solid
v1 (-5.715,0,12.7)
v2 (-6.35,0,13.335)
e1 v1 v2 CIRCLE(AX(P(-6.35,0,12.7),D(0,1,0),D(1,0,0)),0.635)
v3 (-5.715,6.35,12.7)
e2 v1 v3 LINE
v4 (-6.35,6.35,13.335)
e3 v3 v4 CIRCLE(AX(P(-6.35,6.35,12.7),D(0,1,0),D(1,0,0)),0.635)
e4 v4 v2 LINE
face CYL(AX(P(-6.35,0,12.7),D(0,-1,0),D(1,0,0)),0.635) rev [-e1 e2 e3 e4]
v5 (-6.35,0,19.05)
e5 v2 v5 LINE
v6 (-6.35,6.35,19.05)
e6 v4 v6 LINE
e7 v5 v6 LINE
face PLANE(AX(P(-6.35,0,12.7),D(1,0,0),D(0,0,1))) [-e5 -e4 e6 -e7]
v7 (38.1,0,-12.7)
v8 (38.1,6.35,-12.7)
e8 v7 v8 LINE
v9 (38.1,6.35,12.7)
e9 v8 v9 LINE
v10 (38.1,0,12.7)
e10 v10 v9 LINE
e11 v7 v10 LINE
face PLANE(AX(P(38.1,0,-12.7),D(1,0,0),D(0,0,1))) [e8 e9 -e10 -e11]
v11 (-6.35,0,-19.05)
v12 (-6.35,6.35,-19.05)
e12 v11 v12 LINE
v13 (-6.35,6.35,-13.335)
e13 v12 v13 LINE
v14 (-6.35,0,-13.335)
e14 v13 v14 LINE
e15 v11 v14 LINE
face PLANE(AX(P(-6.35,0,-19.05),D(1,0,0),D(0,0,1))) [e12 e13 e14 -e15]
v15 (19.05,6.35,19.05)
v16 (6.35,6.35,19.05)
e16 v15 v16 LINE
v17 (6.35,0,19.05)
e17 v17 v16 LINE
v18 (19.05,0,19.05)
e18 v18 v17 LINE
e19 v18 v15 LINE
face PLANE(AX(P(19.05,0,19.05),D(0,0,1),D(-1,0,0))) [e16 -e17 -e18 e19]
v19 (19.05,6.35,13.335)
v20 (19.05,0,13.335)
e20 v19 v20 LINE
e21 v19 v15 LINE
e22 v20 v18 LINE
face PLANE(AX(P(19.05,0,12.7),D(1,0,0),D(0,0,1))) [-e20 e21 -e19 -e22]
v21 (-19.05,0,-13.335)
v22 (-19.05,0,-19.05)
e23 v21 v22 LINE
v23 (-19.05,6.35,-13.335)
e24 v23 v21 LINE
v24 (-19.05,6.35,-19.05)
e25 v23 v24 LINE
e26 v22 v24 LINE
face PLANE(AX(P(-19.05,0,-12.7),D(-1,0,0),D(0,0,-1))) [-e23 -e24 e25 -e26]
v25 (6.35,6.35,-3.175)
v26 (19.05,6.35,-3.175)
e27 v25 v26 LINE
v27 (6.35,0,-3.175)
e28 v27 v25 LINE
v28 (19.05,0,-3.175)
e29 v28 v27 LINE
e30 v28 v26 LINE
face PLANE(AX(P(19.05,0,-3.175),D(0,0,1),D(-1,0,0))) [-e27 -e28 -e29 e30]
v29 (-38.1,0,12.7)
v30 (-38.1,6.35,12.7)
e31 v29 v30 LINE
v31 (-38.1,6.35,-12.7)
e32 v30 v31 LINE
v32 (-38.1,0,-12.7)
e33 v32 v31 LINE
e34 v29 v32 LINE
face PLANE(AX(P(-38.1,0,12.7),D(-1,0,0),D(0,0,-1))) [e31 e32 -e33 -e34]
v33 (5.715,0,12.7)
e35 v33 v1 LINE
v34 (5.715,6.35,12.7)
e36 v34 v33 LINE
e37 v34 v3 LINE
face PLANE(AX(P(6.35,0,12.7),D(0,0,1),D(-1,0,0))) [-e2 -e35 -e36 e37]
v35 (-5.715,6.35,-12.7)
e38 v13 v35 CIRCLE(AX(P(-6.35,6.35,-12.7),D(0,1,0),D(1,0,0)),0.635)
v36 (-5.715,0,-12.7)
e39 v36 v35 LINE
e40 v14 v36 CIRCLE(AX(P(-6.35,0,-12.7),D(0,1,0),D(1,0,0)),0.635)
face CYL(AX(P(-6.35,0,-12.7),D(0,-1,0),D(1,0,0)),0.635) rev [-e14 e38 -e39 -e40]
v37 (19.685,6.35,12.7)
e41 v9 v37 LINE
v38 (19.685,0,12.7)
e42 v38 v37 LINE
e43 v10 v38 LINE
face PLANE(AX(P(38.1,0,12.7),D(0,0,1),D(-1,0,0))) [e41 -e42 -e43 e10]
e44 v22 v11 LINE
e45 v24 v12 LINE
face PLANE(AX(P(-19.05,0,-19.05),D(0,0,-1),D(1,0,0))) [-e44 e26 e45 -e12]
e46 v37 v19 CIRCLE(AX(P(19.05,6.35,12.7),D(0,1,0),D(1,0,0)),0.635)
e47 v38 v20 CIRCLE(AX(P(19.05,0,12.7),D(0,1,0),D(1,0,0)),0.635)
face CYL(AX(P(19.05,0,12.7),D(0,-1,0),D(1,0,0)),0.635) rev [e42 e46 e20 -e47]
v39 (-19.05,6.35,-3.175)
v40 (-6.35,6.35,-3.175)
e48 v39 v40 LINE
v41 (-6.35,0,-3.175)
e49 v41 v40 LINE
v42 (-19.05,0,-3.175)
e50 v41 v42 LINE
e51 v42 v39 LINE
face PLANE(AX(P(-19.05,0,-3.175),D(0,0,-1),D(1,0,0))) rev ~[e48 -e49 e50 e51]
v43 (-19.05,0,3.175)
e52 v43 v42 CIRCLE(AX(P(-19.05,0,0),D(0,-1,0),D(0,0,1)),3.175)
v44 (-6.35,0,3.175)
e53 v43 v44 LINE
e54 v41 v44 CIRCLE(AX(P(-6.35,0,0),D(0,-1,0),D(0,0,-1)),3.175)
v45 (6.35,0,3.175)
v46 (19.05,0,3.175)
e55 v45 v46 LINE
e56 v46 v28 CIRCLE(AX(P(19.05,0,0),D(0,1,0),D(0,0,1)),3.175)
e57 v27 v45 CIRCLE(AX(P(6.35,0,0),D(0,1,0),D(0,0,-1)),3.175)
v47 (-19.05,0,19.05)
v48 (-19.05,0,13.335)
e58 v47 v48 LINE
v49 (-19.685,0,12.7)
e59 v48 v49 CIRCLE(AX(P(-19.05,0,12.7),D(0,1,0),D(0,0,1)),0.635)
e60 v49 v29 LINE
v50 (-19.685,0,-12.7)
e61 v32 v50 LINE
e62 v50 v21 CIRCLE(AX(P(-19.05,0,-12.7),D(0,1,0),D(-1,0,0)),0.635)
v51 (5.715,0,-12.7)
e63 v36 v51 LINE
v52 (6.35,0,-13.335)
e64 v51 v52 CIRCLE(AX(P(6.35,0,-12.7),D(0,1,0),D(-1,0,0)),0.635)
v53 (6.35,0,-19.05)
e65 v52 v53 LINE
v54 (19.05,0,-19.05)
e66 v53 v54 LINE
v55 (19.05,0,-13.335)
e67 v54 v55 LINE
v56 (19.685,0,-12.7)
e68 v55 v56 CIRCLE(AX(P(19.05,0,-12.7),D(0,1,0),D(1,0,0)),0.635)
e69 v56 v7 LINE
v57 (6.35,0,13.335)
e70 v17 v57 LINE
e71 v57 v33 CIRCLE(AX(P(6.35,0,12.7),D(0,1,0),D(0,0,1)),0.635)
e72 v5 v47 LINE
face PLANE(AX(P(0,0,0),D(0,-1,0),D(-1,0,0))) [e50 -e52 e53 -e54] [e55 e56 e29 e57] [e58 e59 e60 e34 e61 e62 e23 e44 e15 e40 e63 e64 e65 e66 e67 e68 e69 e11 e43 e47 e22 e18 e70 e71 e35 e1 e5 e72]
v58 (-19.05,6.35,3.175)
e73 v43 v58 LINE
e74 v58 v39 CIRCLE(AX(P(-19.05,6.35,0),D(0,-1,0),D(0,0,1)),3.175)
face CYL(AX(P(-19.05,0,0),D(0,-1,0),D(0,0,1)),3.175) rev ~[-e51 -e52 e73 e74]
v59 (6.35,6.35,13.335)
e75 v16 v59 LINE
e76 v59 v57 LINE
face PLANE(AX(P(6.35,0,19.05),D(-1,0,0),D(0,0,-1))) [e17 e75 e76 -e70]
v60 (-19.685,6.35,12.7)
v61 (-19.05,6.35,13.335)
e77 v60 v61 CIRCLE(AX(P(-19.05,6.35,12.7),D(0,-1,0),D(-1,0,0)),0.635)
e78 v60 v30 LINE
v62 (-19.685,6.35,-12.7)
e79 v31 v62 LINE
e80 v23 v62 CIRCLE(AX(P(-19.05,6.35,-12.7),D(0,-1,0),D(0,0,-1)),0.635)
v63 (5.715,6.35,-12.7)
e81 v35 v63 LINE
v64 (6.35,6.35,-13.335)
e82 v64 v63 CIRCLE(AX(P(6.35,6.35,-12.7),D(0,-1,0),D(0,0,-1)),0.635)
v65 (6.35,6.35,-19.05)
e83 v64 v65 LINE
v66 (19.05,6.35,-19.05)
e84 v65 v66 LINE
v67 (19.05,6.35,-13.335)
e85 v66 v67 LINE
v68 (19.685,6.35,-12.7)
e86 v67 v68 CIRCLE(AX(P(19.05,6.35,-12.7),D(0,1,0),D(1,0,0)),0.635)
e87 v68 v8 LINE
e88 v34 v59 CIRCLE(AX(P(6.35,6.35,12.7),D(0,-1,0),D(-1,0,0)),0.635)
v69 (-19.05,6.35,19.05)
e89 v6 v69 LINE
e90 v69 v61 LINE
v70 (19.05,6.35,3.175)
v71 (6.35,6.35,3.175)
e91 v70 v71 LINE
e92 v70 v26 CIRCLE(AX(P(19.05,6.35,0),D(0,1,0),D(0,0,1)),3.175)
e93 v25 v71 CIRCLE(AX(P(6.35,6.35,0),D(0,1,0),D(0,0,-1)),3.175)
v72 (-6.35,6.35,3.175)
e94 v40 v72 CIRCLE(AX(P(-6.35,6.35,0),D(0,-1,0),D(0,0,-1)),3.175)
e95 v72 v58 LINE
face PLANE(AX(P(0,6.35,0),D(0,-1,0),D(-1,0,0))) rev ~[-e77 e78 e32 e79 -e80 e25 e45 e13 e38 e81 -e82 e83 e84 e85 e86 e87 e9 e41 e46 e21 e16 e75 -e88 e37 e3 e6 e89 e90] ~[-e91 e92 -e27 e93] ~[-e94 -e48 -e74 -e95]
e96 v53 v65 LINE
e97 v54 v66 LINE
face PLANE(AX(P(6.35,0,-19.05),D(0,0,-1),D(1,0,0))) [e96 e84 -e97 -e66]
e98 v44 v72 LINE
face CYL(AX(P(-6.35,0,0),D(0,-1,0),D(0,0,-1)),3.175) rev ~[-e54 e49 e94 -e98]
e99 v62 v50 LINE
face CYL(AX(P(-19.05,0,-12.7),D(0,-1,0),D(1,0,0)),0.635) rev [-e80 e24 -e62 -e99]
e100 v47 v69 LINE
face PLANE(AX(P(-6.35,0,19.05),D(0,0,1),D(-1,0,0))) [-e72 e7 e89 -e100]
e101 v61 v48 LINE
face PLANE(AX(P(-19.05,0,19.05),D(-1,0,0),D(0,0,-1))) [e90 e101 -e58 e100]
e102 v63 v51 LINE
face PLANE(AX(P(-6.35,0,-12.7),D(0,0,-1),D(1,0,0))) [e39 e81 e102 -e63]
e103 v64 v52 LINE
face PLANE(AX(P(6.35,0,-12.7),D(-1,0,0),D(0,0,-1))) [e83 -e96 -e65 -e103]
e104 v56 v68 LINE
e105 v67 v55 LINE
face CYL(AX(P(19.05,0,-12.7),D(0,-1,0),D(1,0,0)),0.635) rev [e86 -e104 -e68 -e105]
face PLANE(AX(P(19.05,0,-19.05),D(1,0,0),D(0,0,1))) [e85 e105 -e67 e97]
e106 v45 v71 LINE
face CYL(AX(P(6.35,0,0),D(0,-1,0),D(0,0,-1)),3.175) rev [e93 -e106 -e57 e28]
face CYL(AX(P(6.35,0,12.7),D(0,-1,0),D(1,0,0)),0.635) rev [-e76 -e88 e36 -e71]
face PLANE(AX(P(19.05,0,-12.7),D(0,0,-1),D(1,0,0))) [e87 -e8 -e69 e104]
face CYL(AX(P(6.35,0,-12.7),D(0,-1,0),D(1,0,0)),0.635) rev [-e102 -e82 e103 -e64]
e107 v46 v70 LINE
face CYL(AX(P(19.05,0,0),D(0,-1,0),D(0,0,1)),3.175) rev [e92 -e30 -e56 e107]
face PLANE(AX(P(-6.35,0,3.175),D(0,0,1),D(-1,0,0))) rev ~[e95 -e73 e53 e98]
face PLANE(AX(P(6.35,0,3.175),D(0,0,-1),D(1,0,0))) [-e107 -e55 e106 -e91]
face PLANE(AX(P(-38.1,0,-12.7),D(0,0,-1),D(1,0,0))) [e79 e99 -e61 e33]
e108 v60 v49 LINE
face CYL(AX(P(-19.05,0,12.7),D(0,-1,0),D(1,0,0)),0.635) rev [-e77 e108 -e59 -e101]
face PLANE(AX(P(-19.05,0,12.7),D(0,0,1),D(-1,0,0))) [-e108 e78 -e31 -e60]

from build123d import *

# Parameters (mm, degrees)
BOSS_EXTRUDE1_DEPTH = 6.35
CUT_EXTRUDE1_REACH  = 45.068
SKETCH2_R           = 3.175
CUT_EXTRUDE2_START  = -6.35
SKETCH4_R           = 0.635
CUT_EXTRUDE2_DEPTH  = 6.35
CUT_EXTRUDE3_START  = -6.35
CUT_EXTRUDE3_DEPTH  = 6.35


with BuildPart() as part:
    # Sketch1 → Boss-Extrude1 (new body)
    with BuildSketch(Plane(origin=(0, 0, 0), x_dir=(1, 0, 0), z_dir=(0, 1, 0))):
        Polygon((-19.05, 12.7), (-19.05, 19.05), (-6.35, 19.05), (-6.35, 12.7), (6.35, 12.7), (6.35, 19.05), (19.05, 19.05), (19.05, 12.7), (38.1, 12.7), (38.1, -12.7), (19.05, -12.7), (19.05, -19.05), (6.35, -19.05), (6.35, -12.7), (-6.35, -12.7), (-6.35, -19.05), (-19.05, -19.05), (-19.05, -12.7), (-38.1, -12.7), (-38.1, 12.7), align=None)
    extrude(amount=BOSS_EXTRUDE1_DEPTH)

    # Sketch2 → Cut-Extrude1 (cut, up to next)
    with BuildSketch(Plane(origin=(0, 6.35, 0), x_dir=(1, 0, 0), z_dir=(0, 1, 0)), mode=Mode.PRIVATE) as cut_extrude1_sk1:
        with Locations(Location((-12.7, 0, 0), (0, 0, 270))):
            Circle(SKETCH2_R)
    cut_extrude1_tool1 = extrude(cut_extrude1_sk1.sketch, amount=-CUT_EXTRUDE1_REACH, mode=Mode.PRIVATE) & part.part
    # Sketch2 → Cut-Extrude1 (cut, up to next)
    with BuildSketch(Plane(origin=(0, 6.35, 0), x_dir=(1, 0, 0), z_dir=(0, 1, 0)), mode=Mode.PRIVATE) as cut_extrude1_sk2:
        with Locations(Location((12.7, 0, 0), (0, 0, 270))):
            Circle(SKETCH2_R)
    cut_extrude1_tool2 = extrude(cut_extrude1_sk2.sketch, amount=-CUT_EXTRUDE1_REACH, mode=Mode.PRIVATE) & part.part
    add(cut_extrude1_tool1.solids().sort_by_distance((-12.7, 6.35, 0))[0], mode=Mode.SUBTRACT)
    add(cut_extrude1_tool2.solids().sort_by_distance((12.7, 6.35, 0))[0], mode=Mode.SUBTRACT)

    # Sketch4 → Cut-Extrude2 (cut)
    with BuildSketch(Plane(origin=(0, 6.35, 0), x_dir=(1, 0, 0), z_dir=(0, 1, 0)).offset(CUT_EXTRUDE2_START)):
        with Locations((-19.05, 12.7)):
            Circle(SKETCH4_R)
    cut_extrude2 = extrude(amount=CUT_EXTRUDE2_DEPTH, mode=Mode.SUBTRACT)

    # Sketch-Pattern1: Cut-Extrude2 at 7 more places
    with Locations((12.7, 0, 0), (25.4, 0, 0), (38.1, 0, 0), (38.1, 0, 25.4), (25.4, 0, 25.4), (12.7, 0, 25.4), (0, 0, 25.4)):
        add(cut_extrude2, mode=Mode.SUBTRACT)

    # Sketch5 → Cut-Extrude3 (cut)
    with BuildSketch(Plane(origin=(0, 6.35, 0), x_dir=(1, 0, 0), z_dir=(0, 1, 0)).offset(CUT_EXTRUDE3_START)):
        with BuildLine():
            Line((-19.05, 3.175), (-6.35, 3.175))
            ThreePointArc((-6.35, 3.175), (-3.175, 0), (-6.35, -3.175))
            Line((-6.35, -3.175), (-19.05, -3.175))
            ThreePointArc((-19.05, -3.175), (-22.225, 0), (-19.05, 3.175))
        make_face()
        with BuildLine():
            Line((19.05, 3.175), (6.35, 3.175))
            ThreePointArc((6.35, 3.175), (3.175, 0), (6.35, -3.175))
            Line((6.35, -3.175), (19.05, -3.175))
            ThreePointArc((19.05, -3.175), (22.225, 0), (19.05, 3.175))
        make_face()
    extrude(amount=CUT_EXTRUDE3_DEPTH, mode=Mode.SUBTRACT)


solid = part.part
